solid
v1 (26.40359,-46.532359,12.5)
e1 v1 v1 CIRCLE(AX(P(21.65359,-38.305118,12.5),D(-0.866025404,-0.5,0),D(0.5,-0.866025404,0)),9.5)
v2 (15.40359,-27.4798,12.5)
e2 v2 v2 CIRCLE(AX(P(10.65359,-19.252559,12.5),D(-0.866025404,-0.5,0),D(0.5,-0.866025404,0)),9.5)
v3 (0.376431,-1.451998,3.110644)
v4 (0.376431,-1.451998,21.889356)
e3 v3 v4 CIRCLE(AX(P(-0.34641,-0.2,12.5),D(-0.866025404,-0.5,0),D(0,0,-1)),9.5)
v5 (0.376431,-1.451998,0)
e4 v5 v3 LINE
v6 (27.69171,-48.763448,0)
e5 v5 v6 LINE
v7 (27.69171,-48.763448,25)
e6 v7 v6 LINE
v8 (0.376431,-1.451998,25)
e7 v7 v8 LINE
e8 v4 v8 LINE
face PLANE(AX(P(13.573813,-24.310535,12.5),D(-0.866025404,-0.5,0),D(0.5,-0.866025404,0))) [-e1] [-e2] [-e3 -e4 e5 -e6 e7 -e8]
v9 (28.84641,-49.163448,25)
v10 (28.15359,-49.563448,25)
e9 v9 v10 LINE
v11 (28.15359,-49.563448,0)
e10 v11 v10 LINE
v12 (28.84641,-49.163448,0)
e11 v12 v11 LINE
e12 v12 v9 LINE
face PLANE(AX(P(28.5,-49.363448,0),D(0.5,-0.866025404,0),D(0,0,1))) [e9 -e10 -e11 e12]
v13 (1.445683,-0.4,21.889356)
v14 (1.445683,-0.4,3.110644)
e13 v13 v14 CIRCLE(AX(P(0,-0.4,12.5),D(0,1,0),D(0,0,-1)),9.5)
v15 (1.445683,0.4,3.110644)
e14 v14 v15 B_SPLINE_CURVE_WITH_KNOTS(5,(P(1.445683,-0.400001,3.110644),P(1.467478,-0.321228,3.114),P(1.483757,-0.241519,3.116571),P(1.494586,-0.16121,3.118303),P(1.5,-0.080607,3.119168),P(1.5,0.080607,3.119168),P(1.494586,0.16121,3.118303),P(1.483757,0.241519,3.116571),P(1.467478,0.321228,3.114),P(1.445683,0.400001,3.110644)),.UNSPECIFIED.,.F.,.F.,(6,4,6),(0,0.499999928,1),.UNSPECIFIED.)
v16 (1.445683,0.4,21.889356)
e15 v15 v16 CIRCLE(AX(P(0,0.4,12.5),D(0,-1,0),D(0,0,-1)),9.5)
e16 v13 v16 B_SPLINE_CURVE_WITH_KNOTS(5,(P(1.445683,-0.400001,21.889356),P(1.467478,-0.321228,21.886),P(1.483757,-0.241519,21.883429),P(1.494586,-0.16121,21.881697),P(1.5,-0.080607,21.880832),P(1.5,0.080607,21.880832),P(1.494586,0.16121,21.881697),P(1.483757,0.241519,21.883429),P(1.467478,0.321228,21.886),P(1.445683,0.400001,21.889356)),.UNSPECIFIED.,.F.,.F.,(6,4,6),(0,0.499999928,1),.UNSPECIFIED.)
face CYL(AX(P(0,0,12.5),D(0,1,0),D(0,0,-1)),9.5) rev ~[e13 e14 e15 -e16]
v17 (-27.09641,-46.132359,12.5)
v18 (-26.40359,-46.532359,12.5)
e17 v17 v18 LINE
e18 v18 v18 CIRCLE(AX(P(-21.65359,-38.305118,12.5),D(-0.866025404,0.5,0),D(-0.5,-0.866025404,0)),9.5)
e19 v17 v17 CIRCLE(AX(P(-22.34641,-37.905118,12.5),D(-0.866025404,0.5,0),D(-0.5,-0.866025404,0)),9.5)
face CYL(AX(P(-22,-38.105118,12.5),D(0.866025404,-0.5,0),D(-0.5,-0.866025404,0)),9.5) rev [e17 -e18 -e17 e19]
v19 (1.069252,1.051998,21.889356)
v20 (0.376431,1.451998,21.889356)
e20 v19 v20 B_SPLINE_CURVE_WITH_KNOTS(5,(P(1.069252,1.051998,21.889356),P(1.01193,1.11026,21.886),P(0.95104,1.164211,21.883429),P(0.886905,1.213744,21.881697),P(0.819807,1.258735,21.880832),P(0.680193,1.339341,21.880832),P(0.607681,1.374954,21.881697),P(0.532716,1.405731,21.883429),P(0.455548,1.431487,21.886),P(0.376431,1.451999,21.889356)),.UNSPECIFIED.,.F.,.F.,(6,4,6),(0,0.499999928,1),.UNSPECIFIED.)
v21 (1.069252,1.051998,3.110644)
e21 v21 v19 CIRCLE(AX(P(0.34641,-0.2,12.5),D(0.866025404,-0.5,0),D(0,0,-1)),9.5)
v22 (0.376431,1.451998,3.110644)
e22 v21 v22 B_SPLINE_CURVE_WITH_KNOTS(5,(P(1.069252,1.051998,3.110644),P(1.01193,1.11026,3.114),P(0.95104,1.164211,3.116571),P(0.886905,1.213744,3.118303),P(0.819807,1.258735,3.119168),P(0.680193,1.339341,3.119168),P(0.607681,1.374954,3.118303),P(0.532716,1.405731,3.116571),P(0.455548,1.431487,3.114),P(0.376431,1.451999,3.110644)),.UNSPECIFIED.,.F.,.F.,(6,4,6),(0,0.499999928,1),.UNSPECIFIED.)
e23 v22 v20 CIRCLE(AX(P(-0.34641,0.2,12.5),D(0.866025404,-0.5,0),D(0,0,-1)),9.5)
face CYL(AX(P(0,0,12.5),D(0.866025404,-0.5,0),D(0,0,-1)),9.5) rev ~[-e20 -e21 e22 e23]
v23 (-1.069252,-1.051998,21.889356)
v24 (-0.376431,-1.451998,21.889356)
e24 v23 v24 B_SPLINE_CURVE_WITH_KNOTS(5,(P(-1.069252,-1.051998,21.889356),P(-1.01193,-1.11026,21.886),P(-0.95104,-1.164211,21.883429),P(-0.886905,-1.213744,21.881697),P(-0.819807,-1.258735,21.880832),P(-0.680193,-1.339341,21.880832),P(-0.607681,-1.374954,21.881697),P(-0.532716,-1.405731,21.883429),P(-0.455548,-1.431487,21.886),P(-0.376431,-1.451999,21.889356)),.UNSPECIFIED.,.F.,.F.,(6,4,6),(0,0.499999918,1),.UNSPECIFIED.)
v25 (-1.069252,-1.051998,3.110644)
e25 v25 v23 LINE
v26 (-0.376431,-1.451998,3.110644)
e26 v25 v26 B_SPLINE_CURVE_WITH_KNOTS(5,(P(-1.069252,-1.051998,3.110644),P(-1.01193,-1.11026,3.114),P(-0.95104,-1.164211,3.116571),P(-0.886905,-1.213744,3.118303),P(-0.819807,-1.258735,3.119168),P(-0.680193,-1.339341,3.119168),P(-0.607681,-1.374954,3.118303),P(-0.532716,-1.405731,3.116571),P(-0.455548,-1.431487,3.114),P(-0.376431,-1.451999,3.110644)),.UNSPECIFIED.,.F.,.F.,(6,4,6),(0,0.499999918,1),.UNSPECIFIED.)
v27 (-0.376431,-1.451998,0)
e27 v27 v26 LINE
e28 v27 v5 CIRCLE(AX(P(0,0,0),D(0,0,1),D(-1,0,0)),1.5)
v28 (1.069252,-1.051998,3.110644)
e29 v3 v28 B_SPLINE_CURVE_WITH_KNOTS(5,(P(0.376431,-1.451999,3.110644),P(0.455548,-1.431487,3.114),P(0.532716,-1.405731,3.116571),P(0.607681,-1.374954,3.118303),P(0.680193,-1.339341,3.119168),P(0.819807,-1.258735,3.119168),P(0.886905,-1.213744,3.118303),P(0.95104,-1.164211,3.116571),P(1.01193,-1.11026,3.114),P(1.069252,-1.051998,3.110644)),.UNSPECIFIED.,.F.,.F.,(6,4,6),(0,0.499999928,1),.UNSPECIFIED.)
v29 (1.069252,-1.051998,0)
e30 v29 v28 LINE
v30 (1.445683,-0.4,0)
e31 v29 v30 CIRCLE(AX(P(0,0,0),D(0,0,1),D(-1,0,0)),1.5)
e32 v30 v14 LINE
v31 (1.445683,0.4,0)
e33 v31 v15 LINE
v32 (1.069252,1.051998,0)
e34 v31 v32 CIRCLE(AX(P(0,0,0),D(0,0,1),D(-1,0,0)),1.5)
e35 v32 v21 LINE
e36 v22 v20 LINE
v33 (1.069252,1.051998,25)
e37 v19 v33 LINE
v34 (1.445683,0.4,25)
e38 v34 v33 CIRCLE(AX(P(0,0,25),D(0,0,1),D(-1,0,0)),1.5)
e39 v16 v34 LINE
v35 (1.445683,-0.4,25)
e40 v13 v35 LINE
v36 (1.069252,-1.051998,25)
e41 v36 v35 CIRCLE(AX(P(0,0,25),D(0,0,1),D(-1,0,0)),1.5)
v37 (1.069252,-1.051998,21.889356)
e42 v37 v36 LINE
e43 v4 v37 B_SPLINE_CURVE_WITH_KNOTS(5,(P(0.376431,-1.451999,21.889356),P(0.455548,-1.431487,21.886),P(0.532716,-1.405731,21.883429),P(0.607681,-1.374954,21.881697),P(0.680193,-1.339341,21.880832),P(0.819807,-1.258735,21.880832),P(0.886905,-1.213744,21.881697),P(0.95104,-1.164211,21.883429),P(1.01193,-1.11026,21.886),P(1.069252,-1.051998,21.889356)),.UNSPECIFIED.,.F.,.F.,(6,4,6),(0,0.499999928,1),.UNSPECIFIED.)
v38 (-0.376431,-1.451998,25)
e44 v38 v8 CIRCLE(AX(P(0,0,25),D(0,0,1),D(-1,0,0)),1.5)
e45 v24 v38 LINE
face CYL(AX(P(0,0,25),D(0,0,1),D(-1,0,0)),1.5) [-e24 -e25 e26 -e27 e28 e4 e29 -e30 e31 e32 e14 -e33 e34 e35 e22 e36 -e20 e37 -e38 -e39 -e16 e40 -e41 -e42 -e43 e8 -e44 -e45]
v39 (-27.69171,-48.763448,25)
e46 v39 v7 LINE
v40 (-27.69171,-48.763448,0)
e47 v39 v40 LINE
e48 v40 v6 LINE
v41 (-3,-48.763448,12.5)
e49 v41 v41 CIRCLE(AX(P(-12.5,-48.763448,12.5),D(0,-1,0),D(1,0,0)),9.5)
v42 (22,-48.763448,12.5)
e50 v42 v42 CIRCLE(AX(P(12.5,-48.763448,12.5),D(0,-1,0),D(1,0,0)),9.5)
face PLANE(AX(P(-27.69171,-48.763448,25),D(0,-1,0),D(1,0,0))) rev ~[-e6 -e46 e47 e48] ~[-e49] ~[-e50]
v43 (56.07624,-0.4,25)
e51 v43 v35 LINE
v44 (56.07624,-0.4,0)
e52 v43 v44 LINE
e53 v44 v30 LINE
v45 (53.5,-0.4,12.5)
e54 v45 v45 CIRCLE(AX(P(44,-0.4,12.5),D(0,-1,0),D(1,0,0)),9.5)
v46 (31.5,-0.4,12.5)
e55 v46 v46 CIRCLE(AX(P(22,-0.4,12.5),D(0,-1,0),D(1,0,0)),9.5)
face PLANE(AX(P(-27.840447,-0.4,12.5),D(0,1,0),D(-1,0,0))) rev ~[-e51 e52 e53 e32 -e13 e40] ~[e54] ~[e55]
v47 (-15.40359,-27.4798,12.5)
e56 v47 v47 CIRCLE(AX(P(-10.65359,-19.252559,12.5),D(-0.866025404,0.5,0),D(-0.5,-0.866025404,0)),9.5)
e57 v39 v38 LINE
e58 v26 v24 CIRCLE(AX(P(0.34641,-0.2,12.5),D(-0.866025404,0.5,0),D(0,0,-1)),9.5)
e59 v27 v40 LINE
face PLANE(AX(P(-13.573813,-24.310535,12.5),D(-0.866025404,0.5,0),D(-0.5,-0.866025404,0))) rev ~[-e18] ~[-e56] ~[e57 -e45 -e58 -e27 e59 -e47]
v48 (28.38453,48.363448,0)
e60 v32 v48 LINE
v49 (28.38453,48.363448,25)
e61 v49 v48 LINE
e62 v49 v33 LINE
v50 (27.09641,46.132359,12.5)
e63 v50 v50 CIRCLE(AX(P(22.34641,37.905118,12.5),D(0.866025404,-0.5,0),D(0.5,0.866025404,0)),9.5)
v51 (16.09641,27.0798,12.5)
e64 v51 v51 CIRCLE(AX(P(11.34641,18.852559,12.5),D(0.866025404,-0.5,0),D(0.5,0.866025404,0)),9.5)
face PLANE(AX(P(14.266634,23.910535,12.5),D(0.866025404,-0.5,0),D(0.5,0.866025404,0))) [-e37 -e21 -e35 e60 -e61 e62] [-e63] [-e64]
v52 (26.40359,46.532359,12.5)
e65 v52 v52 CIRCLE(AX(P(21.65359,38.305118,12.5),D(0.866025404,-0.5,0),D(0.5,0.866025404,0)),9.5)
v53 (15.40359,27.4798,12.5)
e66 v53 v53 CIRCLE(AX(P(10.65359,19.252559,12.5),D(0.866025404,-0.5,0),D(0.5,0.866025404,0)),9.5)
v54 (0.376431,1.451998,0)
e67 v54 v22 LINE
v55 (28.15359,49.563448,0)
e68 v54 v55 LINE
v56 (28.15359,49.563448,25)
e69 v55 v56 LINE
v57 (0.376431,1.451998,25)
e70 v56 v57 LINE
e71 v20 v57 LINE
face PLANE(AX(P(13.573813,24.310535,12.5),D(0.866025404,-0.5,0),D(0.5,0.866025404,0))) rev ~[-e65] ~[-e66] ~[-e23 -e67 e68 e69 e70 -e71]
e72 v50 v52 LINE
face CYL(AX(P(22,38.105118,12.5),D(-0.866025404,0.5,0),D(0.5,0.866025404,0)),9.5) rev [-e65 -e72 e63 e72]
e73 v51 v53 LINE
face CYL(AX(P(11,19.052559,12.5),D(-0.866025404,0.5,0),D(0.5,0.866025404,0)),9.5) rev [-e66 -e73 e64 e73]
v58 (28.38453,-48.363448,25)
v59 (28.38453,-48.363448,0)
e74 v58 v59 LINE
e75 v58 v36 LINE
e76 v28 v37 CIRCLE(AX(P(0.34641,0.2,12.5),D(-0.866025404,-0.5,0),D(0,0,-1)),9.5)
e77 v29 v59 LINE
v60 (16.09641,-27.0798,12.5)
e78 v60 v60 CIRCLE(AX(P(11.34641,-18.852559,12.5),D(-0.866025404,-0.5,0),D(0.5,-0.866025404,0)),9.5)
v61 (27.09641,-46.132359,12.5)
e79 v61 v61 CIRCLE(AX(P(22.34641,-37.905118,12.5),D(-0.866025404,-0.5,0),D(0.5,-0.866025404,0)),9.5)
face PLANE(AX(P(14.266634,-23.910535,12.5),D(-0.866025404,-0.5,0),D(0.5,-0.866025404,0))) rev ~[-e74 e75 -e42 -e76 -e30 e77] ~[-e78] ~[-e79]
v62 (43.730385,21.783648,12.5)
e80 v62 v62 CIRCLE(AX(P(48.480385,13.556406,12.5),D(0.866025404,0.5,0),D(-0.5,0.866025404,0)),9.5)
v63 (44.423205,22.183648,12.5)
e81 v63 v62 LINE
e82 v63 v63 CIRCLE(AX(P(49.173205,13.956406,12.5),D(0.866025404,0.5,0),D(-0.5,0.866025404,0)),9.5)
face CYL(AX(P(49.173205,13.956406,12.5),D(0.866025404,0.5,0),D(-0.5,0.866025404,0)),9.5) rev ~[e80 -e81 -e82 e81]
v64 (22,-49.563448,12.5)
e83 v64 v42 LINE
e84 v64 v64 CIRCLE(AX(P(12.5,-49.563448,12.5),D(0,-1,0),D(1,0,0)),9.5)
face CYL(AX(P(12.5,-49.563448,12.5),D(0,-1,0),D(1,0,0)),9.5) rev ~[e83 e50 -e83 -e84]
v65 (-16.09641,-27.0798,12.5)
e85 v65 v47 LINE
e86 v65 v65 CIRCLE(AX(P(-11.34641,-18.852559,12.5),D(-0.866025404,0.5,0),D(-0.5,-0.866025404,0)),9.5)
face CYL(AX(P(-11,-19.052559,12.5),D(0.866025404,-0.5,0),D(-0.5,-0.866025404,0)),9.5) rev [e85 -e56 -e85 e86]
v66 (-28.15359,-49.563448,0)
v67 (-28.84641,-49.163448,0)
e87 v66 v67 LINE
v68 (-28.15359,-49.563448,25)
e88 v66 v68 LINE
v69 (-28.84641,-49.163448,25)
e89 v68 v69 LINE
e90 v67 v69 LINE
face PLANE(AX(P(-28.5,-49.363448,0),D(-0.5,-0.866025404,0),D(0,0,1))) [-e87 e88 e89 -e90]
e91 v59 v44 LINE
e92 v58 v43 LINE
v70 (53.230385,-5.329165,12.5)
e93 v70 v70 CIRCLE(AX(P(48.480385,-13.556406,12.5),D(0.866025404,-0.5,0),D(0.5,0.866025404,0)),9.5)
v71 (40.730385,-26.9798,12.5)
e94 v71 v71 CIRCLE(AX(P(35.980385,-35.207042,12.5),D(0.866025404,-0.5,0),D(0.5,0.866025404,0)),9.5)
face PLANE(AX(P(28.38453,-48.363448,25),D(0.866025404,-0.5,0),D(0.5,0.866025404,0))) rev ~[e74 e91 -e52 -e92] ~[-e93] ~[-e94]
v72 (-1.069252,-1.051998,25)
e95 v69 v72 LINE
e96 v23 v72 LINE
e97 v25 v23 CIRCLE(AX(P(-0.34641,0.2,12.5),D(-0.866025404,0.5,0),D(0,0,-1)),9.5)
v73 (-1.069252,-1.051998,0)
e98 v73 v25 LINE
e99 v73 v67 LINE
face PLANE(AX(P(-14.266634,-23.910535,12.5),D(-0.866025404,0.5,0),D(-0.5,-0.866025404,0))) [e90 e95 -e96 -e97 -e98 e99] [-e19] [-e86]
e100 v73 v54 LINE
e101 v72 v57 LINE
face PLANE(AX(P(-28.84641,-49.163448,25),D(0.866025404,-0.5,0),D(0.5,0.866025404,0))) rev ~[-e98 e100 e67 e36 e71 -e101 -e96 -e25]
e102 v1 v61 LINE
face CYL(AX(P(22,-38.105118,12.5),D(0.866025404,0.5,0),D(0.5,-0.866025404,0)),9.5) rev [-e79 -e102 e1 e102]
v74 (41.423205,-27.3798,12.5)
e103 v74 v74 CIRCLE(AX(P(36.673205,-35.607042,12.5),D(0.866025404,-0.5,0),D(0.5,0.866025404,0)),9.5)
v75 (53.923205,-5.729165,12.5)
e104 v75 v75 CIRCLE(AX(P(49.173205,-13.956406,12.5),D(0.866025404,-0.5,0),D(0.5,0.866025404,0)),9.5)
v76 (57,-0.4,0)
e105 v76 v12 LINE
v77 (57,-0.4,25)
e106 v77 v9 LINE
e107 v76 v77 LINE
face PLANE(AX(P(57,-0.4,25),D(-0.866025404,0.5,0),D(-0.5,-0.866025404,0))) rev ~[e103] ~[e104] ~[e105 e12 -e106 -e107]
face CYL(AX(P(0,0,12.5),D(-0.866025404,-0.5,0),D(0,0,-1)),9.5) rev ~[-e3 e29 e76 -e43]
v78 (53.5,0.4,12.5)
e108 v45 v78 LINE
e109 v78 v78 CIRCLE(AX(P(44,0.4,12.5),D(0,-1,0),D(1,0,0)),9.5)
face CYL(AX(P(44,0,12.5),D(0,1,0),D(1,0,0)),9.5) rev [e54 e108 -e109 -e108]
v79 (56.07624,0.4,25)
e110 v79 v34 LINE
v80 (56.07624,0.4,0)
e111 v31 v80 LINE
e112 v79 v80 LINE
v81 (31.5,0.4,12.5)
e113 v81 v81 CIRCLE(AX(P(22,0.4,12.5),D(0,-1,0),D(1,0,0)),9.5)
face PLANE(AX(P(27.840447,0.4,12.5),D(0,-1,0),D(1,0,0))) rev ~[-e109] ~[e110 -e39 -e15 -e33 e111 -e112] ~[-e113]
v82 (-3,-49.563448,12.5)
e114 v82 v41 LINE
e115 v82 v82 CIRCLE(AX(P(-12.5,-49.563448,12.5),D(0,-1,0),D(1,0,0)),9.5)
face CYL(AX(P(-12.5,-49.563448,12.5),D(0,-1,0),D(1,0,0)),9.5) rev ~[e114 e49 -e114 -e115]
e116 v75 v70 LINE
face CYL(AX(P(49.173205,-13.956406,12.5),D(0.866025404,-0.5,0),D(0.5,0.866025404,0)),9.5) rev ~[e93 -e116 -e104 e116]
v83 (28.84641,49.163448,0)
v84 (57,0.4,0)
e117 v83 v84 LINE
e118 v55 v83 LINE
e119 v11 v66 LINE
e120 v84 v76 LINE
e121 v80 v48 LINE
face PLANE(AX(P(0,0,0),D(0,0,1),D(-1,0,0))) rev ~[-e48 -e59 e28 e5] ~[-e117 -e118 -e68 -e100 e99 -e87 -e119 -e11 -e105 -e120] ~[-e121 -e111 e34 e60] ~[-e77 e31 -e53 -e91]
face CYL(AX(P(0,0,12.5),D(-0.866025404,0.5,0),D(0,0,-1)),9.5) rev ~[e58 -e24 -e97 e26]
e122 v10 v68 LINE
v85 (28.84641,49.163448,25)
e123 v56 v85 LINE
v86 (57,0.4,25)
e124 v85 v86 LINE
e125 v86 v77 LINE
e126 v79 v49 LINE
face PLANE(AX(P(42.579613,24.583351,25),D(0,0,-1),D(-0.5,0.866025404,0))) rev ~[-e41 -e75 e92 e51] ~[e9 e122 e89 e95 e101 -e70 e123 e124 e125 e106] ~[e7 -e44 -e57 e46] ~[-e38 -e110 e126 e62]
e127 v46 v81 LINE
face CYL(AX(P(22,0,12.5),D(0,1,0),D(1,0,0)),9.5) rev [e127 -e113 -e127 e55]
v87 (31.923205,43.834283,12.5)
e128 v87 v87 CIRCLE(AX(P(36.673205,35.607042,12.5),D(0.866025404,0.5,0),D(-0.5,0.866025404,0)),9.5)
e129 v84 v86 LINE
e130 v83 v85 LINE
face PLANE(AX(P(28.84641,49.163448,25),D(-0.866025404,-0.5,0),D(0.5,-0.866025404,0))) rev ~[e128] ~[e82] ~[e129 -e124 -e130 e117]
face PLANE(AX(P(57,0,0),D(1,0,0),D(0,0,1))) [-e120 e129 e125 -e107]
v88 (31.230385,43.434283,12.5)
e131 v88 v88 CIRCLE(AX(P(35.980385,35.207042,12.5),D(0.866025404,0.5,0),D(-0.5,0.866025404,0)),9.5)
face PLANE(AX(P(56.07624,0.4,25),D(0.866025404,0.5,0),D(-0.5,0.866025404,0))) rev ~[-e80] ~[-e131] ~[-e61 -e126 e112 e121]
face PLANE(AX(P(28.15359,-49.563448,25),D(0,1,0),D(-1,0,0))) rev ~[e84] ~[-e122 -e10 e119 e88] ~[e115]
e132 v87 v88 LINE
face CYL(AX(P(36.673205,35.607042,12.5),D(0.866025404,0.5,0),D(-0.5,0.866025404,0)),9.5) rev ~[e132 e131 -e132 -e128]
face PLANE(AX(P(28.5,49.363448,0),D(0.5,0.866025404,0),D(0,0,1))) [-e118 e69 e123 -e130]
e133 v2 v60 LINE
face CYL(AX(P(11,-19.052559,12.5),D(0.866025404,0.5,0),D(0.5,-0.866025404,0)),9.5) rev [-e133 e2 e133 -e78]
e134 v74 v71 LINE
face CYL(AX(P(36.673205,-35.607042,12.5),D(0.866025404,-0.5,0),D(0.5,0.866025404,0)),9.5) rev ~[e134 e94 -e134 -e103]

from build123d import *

# Parameters (mm, degrees)
SKETCH_R              = 9.5
PAD_DEPTH             = 0.4
POLARPATTERN_COUNT    = 6
PAD001_DEPTH          = 25
POLARPATTERN001_COUNT = 3
POLARPATTERN001_ANGLE = 120
SKETCH002_R           = 9.5
POCKET_DEPTH          = 2
POLARPATTERN002_COUNT = 6
SKETCH003_R           = 1.5
PAD002_DEPTH          = 25
POCKET001_DEPTH       = 25


with BuildPart() as part:
    # Sketch → Pad (new body, symmetric)
    with BuildSketch(Plane.XZ):
        with BuildLine():
            Line((0, 0), (57, 0))
            Line((57, 0), (57, 25))
            Line((57, 25), (0, 25))
            Line((0, 25), (0, 22))
            ThreePointArc((0, 3), (9.5, 12.5), (0, 22))
            Line((0, 3), (0, 0))
        make_face()
        with Locations((22, 12.5)):
            Circle(SKETCH_R, mode=Mode.SUBTRACT)
        with Locations((44, 12.5)):
            Circle(SKETCH_R, mode=Mode.SUBTRACT)
    pad = extrude(amount=PAD_DEPTH, both=True)

    # PolarPattern: Pad ×6 about axis
    polarpattern_axis = Axis((0, 0, 0), (0, 0, 1))
    for i in range(1, POLARPATTERN_COUNT):
        add(pad.rotate(polarpattern_axis, i * 360 / POLARPATTERN_COUNT))

    # Sketch001 (on Face61 of PolarPattern) → Pad001 (join)
    with BuildSketch(Plane(origin=(0, 0, 25), x_dir=(-1, 0, 0), z_dir=(0, 0, 1))):
        Polygon((-28.15359, 49.563448), (28.15359, 49.563448), (27.69171, 48.763448), (-27.69171, 48.763448), align=None)
    pad001 = extrude(amount=-PAD001_DEPTH)

    # PolarPattern001: Pad001 ×3 about axis
    polarpattern001_axis = Axis((0, 0, 25), (0, 0, 1))
    for i in range(1, POLARPATTERN001_COUNT):
        add(pad001.rotate(polarpattern001_axis, i * POLARPATTERN001_ANGLE / (POLARPATTERN001_COUNT - 1)))

    # Sketch002 (on Face59 of Pad001) → Pocket (cut)
    with BuildSketch(Plane.XZ.offset(49.563448)):
        with Locations((-12.5, 12.5)):
            Circle(SKETCH002_R)
        with Locations((12.5, 12.5)):
            Circle(SKETCH002_R)
    pocket = extrude(amount=-POCKET_DEPTH, mode=Mode.SUBTRACT)

    # PolarPattern002: Pocket ×6 about axis
    polarpattern002_axis = Axis((0, 0, 0), (0, 0, 1))
    for i in range(1, POLARPATTERN002_COUNT):
        add(pocket.rotate(polarpattern002_axis, i * 360 / POLARPATTERN002_COUNT), mode=Mode.SUBTRACT)

    # Sketch003 (on Face68 of PolarPattern002) → Pad002 (join)
    with BuildSketch(Plane(origin=(0, 0, 25), x_dir=(-1, 0, 0), z_dir=(0, 0, 1))):
        Circle(SKETCH003_R)
    extrude(amount=-PAD002_DEPTH)

    # Sketch004 (on Face83 of Pad002) → Pocket001 (cut)
    with BuildSketch(Plane(origin=(0, 0, 25), x_dir=(-1, 0, 0), z_dir=(0, 0, 1))):
        Polygon((28.84641, 49.163448), (-28.15359, -49.563448), (31.376045, -54.075596), (79.795143, 24.207651), align=None)
    extrude(amount=-POCKET001_DEPTH, mode=Mode.SUBTRACT)


solid = part.part
